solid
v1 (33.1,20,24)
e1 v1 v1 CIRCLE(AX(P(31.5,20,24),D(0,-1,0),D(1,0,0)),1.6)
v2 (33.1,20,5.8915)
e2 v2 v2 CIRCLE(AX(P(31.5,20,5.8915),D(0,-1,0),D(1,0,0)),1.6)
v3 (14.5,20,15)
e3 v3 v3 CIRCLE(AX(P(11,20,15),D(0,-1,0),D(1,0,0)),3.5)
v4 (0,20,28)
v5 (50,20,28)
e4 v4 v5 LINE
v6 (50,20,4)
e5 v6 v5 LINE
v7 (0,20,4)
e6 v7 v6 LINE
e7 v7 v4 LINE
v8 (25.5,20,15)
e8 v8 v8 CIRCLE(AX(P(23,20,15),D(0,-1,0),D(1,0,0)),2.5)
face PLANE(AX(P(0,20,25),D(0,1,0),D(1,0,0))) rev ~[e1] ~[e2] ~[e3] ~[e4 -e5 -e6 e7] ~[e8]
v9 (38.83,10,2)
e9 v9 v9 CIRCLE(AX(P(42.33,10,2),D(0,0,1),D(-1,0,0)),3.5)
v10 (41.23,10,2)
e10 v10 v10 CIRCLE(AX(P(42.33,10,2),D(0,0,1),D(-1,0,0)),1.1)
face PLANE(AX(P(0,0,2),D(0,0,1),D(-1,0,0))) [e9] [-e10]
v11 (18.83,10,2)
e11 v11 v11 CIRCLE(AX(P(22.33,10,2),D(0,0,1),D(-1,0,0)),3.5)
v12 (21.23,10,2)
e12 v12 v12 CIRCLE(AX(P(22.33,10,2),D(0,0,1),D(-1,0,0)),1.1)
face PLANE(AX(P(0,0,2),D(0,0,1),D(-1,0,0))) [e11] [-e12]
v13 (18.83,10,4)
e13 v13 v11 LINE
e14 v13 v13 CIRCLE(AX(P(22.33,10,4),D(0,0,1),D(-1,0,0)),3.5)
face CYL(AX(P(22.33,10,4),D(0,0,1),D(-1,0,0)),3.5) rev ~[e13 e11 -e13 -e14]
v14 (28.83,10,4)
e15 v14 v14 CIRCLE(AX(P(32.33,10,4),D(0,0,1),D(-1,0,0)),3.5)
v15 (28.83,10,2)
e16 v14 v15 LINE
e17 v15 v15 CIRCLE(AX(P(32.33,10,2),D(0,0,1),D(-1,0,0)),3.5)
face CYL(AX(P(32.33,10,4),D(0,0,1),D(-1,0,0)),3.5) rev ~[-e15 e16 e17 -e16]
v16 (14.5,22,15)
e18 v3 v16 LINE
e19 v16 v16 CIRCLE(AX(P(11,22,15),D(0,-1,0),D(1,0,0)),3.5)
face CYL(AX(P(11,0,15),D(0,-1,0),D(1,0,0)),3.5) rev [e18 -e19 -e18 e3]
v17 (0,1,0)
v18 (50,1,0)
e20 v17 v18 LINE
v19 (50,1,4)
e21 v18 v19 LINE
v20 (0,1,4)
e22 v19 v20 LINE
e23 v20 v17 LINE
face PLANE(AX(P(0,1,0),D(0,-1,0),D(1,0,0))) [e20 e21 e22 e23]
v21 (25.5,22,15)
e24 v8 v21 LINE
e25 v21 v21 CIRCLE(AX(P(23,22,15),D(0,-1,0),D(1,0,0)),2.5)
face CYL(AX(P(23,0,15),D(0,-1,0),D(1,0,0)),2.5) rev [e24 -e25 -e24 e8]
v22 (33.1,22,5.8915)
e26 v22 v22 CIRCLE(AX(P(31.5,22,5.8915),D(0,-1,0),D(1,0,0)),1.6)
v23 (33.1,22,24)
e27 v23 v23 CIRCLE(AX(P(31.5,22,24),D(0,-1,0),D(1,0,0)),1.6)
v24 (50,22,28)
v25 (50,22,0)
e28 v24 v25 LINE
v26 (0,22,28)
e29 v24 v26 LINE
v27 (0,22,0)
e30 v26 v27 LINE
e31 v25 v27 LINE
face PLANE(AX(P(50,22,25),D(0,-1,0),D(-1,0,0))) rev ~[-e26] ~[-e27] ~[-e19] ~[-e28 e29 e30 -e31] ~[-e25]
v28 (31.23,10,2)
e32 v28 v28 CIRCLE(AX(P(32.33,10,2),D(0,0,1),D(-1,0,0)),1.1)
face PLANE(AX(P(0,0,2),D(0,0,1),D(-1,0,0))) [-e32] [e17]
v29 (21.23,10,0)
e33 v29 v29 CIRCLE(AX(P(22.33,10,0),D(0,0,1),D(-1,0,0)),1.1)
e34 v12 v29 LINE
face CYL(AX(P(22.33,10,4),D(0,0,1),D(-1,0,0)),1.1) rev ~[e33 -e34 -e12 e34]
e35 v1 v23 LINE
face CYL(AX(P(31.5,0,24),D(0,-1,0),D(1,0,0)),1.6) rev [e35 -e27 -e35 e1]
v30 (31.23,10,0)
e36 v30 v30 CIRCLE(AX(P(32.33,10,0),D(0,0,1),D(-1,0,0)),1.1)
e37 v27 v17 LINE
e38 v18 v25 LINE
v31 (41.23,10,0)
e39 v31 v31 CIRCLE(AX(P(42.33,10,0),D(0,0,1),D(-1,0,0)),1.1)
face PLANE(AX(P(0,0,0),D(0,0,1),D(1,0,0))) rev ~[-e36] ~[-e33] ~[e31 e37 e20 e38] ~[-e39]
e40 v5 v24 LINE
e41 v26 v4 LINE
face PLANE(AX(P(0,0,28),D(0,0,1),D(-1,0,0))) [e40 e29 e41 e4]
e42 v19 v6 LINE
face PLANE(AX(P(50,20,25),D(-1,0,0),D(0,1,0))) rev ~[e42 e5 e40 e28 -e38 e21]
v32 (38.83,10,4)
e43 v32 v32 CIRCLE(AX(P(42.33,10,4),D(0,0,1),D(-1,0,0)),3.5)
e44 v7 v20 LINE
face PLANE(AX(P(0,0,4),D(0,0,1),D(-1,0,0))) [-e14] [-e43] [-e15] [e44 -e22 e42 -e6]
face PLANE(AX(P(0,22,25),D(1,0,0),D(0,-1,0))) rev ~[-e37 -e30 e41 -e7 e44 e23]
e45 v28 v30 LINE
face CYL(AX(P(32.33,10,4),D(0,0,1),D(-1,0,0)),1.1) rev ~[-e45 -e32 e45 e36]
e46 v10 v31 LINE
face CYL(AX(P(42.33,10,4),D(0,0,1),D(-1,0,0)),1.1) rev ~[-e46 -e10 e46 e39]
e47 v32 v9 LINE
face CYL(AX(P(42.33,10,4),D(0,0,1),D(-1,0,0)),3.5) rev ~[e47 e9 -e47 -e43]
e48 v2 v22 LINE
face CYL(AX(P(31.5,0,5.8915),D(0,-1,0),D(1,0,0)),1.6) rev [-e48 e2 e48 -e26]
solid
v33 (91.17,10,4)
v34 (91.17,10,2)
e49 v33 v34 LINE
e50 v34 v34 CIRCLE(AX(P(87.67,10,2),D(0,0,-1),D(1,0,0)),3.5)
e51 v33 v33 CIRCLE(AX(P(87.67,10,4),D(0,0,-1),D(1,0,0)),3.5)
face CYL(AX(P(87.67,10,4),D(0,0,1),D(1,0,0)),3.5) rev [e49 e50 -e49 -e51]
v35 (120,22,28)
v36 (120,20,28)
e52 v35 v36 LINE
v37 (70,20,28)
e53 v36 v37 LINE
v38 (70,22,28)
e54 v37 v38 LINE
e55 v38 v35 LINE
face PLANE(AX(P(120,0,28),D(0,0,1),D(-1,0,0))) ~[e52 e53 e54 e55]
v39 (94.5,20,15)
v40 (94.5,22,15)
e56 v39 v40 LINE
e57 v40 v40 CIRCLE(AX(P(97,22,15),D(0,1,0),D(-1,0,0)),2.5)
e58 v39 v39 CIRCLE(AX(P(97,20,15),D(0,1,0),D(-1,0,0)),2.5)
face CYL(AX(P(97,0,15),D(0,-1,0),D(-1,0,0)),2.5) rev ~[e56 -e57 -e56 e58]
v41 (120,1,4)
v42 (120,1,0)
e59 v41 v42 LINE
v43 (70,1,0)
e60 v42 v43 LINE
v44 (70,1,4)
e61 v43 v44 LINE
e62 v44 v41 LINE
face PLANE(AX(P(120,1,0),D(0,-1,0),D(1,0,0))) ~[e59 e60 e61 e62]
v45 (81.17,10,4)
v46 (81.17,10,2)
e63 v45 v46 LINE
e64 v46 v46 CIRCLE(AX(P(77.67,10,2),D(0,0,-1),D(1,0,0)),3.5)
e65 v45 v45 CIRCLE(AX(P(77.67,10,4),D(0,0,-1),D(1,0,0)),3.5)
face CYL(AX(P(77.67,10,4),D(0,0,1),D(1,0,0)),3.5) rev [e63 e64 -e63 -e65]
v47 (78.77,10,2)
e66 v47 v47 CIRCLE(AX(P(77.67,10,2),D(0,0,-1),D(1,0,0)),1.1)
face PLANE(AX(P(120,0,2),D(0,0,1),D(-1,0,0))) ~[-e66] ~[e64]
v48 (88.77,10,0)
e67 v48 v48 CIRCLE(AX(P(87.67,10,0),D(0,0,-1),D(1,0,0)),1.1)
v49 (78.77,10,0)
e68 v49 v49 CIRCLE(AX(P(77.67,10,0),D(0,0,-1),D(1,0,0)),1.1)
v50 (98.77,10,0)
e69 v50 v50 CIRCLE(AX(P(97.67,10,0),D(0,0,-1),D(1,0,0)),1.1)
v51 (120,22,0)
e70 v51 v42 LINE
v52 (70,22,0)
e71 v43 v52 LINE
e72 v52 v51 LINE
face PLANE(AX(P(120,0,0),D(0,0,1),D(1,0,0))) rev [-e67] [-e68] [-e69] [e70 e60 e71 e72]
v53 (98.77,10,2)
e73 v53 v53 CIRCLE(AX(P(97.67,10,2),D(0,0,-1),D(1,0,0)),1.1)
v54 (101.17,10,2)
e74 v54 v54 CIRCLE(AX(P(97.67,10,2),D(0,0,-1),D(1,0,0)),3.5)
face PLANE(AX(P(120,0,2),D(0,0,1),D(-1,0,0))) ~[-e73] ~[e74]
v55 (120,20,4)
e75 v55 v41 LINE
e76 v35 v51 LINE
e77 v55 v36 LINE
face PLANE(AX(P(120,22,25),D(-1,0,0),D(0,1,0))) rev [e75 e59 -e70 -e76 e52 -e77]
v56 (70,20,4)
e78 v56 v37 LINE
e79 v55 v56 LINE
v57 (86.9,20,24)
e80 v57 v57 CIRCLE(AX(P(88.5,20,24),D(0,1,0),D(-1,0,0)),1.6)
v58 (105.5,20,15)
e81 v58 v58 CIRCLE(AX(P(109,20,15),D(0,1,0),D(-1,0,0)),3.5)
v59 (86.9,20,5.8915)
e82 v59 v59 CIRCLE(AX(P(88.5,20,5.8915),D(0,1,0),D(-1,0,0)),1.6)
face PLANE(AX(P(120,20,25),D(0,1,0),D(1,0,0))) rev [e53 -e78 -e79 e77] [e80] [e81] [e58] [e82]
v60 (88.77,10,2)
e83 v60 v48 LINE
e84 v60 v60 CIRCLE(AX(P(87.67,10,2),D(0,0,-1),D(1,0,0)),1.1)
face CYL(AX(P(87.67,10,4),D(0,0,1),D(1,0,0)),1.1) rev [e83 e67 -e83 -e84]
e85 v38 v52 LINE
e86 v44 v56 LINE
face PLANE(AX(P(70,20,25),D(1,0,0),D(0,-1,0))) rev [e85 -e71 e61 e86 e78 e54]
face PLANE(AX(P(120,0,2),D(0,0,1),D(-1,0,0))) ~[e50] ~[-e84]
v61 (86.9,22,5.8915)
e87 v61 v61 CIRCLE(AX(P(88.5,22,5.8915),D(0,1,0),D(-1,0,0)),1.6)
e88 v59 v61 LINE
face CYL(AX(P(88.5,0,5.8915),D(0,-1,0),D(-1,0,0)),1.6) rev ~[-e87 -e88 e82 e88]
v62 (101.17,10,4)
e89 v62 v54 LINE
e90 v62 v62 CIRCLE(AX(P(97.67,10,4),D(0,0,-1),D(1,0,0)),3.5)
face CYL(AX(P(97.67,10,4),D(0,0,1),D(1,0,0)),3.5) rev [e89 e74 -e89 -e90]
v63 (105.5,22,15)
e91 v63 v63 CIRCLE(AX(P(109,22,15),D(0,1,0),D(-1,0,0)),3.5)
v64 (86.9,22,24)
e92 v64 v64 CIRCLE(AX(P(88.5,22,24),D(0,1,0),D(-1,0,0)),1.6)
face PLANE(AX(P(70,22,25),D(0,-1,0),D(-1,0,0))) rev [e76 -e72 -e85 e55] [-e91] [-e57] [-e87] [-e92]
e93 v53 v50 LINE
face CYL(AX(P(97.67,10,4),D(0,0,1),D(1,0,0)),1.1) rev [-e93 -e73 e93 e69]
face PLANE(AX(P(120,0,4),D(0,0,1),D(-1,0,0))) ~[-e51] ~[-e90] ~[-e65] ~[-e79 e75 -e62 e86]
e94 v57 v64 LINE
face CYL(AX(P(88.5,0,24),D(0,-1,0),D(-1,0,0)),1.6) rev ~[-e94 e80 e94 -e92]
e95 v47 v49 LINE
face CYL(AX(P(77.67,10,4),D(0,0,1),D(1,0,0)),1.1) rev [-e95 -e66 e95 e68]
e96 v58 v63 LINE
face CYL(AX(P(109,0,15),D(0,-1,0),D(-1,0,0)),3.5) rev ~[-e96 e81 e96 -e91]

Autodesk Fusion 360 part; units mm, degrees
sketch "Sketch1" plane through (0, 0, 0) normal (0, 0, 1) x (1, 0, 0)
  line L0 (0, 0) -> (50, 0)
  line L1 (50, 0) -> (50, 22)
  line L2 (50, 22) -> (0, 22)
  line L3 (0, 22) -> (0, 0)
  dimension "d1" = 50
  dimension "d2" = 22
extrude "Extrude1" add sketch "Sketch1" along normal blind 25 makes body 1
sketch "Sketch2" plane through (0, 0, 25) normal (0, 0, 1) x (-1, 0, 0)
  line L0 (0, -22) -> (0, 0)
  line L1 (0, 0) -> (-50, 0)
  line L2 (-50, 0) -> (-50, -22)
  line L3 (-50, -22) -> (0, -22)
  line L4 (-50, 0) -> (0, 0)
  line L5 (0, 0) -> (0, -20)
  line L6 (0, -20) -> (-50, -20)
  line L7 (-50, -20) -> (-50, 0)
extrude "Extrude2" cut sketch "Sketch2" against normal blind 21 contours L0 L1 L2 L4 L5 L6 L7 bodies 1
sketch "Sketch3" plane through (0, 0, 0) normal (0, 1, 0) x (1, 0, 0)
sketch "Sketch4" plane through (0, 0, 25) normal (0, 0, 1) x (-1, 0, 0)
  line L0 (0, -20) -> (-50, -20)
  line L1 (-50, -20) -> (-50, -22)
  line L2 (-50, -22) -> (0, -22)
  line L3 (0, -22) -> (0, -20)
  line L4 (0, -20) -> (-50, -20)
  line L5 (-50, -20) -> (-50, -22)
  line L6 (-50, -22) -> (0, -22)
  line L7 (0, -22) -> (0, -20)
extrude "Extrude3" add sketch "Sketch4" along normal blind 3 bodies 1
sketch "Sketch5" plane through (0, 0, 0) normal (0, 1, 0) x (1, 0, 0)
  circle A0 centre (31.5, -24) radius 1.6
  circle A1 centre (11, -15) radius 3.5
  circle A2 centre (31.5, -5.8915) radius 1.6
  dimension "d11" = 3.2
  dimension "d14" = 7
  dimension "d16" = 3.2
sketch "Sketch6" plane through (0, 0, 0) normal (0, 1, 0) x (1, 0, 0)
  circle A0 centre (23, -15) radius 2.5
  dimension "d18" = 5
extrude "Extrude4" cut sketch "Sketch6" sketch "Sketch5" along normal blind 25 of sketch 2 bodies 1
ref_plane "WorkPlane1" through (60, 11, 14) normal (1, 0, 0) x (0, 1, 0)
sketch "Sketch7" plane through (0, 0, 0) normal (0, -1, 0) x (1, 0, 0)
  line L0 (50, 4) -> (0, 4)
  line L1 (0, 4) -> (0, 0)
  line L2 (0, 0) -> (50, 0)
  line L3 (50, 0) -> (50, 4)
sketch "Sketch8" plane through (0, 0, 0) normal (0, 0, 1) x (1, 0, 0)
extrude "Extrude5" cut sketch "Sketch7" against normal blind 1 bodies 1
sketch "Sketch9" plane through (0, 0, 4) normal (0, 0, 1) x (-1, 0, 0)
  line L0 (0, -1) -> (-50, -1)
  line L1 (-50, -1) -> (-50, -20)
  line L2 (-50, -20) -> (0, -20)
  line L3 (0, -20) -> (0, -1)
sketch "Sketch10" plane through (0, 20, 0) normal (0, -1, 0) x (1, 0, 0)
  circle A0 centre (109, 15) radius 3.5
  circle A1 centre (97, 15) radius 2.5
  circle A2 centre (88.5, 5.8915) radius 1.6
  circle A3 centre (88.5, 24) radius 1.6
  line L0 (120, 4) -> (120, 28)
  line L1 (120, 28) -> (70, 28)
  line L2 (70, 28) -> (70, 4)
  line L3 (70, 4) -> (120, 4)
sketch "Sketch11" plane through (0, 0, 4) normal (0, 0, 1) x (-1, 0, 0)
  circle A0 centre (-42.33, -10) radius 1.1
  circle A1 centre (-32.33, -10) radius 1.1
  circle A2 centre (-22.33, -10) radius 1.1
  circle A3 centre (-22.33, -10) radius 3.5
  circle A4 centre (-32.33, -10) radius 3.5
  circle A5 centre (-42.33, -10) radius 3.5
  dimension "d30" = 2.2
  dimension "d31" = 10
  dimension "d32" = 2.2
  dimension "d33" = 10
  dimension "d34" = 2.2
  dimension "d37" = 7
  dimension "d38" = 7
  dimension "d39" = 7
extrude "Extrude6" cut sketch "Sketch11" against normal blind 21 contours A0 | A1 | A2 bodies 1
sketch "Sketch12" plane through (0, 20, 0) normal (0, -1, 0) x (1, 0, 0)
extrude "Extrude7" cut sketch "Sketch11" against normal blind 2 bodies 1
mirror "Mirror2" about plane through (60, 11, 14) normal (1, 0, 0) of bodies 1 makes body 2
